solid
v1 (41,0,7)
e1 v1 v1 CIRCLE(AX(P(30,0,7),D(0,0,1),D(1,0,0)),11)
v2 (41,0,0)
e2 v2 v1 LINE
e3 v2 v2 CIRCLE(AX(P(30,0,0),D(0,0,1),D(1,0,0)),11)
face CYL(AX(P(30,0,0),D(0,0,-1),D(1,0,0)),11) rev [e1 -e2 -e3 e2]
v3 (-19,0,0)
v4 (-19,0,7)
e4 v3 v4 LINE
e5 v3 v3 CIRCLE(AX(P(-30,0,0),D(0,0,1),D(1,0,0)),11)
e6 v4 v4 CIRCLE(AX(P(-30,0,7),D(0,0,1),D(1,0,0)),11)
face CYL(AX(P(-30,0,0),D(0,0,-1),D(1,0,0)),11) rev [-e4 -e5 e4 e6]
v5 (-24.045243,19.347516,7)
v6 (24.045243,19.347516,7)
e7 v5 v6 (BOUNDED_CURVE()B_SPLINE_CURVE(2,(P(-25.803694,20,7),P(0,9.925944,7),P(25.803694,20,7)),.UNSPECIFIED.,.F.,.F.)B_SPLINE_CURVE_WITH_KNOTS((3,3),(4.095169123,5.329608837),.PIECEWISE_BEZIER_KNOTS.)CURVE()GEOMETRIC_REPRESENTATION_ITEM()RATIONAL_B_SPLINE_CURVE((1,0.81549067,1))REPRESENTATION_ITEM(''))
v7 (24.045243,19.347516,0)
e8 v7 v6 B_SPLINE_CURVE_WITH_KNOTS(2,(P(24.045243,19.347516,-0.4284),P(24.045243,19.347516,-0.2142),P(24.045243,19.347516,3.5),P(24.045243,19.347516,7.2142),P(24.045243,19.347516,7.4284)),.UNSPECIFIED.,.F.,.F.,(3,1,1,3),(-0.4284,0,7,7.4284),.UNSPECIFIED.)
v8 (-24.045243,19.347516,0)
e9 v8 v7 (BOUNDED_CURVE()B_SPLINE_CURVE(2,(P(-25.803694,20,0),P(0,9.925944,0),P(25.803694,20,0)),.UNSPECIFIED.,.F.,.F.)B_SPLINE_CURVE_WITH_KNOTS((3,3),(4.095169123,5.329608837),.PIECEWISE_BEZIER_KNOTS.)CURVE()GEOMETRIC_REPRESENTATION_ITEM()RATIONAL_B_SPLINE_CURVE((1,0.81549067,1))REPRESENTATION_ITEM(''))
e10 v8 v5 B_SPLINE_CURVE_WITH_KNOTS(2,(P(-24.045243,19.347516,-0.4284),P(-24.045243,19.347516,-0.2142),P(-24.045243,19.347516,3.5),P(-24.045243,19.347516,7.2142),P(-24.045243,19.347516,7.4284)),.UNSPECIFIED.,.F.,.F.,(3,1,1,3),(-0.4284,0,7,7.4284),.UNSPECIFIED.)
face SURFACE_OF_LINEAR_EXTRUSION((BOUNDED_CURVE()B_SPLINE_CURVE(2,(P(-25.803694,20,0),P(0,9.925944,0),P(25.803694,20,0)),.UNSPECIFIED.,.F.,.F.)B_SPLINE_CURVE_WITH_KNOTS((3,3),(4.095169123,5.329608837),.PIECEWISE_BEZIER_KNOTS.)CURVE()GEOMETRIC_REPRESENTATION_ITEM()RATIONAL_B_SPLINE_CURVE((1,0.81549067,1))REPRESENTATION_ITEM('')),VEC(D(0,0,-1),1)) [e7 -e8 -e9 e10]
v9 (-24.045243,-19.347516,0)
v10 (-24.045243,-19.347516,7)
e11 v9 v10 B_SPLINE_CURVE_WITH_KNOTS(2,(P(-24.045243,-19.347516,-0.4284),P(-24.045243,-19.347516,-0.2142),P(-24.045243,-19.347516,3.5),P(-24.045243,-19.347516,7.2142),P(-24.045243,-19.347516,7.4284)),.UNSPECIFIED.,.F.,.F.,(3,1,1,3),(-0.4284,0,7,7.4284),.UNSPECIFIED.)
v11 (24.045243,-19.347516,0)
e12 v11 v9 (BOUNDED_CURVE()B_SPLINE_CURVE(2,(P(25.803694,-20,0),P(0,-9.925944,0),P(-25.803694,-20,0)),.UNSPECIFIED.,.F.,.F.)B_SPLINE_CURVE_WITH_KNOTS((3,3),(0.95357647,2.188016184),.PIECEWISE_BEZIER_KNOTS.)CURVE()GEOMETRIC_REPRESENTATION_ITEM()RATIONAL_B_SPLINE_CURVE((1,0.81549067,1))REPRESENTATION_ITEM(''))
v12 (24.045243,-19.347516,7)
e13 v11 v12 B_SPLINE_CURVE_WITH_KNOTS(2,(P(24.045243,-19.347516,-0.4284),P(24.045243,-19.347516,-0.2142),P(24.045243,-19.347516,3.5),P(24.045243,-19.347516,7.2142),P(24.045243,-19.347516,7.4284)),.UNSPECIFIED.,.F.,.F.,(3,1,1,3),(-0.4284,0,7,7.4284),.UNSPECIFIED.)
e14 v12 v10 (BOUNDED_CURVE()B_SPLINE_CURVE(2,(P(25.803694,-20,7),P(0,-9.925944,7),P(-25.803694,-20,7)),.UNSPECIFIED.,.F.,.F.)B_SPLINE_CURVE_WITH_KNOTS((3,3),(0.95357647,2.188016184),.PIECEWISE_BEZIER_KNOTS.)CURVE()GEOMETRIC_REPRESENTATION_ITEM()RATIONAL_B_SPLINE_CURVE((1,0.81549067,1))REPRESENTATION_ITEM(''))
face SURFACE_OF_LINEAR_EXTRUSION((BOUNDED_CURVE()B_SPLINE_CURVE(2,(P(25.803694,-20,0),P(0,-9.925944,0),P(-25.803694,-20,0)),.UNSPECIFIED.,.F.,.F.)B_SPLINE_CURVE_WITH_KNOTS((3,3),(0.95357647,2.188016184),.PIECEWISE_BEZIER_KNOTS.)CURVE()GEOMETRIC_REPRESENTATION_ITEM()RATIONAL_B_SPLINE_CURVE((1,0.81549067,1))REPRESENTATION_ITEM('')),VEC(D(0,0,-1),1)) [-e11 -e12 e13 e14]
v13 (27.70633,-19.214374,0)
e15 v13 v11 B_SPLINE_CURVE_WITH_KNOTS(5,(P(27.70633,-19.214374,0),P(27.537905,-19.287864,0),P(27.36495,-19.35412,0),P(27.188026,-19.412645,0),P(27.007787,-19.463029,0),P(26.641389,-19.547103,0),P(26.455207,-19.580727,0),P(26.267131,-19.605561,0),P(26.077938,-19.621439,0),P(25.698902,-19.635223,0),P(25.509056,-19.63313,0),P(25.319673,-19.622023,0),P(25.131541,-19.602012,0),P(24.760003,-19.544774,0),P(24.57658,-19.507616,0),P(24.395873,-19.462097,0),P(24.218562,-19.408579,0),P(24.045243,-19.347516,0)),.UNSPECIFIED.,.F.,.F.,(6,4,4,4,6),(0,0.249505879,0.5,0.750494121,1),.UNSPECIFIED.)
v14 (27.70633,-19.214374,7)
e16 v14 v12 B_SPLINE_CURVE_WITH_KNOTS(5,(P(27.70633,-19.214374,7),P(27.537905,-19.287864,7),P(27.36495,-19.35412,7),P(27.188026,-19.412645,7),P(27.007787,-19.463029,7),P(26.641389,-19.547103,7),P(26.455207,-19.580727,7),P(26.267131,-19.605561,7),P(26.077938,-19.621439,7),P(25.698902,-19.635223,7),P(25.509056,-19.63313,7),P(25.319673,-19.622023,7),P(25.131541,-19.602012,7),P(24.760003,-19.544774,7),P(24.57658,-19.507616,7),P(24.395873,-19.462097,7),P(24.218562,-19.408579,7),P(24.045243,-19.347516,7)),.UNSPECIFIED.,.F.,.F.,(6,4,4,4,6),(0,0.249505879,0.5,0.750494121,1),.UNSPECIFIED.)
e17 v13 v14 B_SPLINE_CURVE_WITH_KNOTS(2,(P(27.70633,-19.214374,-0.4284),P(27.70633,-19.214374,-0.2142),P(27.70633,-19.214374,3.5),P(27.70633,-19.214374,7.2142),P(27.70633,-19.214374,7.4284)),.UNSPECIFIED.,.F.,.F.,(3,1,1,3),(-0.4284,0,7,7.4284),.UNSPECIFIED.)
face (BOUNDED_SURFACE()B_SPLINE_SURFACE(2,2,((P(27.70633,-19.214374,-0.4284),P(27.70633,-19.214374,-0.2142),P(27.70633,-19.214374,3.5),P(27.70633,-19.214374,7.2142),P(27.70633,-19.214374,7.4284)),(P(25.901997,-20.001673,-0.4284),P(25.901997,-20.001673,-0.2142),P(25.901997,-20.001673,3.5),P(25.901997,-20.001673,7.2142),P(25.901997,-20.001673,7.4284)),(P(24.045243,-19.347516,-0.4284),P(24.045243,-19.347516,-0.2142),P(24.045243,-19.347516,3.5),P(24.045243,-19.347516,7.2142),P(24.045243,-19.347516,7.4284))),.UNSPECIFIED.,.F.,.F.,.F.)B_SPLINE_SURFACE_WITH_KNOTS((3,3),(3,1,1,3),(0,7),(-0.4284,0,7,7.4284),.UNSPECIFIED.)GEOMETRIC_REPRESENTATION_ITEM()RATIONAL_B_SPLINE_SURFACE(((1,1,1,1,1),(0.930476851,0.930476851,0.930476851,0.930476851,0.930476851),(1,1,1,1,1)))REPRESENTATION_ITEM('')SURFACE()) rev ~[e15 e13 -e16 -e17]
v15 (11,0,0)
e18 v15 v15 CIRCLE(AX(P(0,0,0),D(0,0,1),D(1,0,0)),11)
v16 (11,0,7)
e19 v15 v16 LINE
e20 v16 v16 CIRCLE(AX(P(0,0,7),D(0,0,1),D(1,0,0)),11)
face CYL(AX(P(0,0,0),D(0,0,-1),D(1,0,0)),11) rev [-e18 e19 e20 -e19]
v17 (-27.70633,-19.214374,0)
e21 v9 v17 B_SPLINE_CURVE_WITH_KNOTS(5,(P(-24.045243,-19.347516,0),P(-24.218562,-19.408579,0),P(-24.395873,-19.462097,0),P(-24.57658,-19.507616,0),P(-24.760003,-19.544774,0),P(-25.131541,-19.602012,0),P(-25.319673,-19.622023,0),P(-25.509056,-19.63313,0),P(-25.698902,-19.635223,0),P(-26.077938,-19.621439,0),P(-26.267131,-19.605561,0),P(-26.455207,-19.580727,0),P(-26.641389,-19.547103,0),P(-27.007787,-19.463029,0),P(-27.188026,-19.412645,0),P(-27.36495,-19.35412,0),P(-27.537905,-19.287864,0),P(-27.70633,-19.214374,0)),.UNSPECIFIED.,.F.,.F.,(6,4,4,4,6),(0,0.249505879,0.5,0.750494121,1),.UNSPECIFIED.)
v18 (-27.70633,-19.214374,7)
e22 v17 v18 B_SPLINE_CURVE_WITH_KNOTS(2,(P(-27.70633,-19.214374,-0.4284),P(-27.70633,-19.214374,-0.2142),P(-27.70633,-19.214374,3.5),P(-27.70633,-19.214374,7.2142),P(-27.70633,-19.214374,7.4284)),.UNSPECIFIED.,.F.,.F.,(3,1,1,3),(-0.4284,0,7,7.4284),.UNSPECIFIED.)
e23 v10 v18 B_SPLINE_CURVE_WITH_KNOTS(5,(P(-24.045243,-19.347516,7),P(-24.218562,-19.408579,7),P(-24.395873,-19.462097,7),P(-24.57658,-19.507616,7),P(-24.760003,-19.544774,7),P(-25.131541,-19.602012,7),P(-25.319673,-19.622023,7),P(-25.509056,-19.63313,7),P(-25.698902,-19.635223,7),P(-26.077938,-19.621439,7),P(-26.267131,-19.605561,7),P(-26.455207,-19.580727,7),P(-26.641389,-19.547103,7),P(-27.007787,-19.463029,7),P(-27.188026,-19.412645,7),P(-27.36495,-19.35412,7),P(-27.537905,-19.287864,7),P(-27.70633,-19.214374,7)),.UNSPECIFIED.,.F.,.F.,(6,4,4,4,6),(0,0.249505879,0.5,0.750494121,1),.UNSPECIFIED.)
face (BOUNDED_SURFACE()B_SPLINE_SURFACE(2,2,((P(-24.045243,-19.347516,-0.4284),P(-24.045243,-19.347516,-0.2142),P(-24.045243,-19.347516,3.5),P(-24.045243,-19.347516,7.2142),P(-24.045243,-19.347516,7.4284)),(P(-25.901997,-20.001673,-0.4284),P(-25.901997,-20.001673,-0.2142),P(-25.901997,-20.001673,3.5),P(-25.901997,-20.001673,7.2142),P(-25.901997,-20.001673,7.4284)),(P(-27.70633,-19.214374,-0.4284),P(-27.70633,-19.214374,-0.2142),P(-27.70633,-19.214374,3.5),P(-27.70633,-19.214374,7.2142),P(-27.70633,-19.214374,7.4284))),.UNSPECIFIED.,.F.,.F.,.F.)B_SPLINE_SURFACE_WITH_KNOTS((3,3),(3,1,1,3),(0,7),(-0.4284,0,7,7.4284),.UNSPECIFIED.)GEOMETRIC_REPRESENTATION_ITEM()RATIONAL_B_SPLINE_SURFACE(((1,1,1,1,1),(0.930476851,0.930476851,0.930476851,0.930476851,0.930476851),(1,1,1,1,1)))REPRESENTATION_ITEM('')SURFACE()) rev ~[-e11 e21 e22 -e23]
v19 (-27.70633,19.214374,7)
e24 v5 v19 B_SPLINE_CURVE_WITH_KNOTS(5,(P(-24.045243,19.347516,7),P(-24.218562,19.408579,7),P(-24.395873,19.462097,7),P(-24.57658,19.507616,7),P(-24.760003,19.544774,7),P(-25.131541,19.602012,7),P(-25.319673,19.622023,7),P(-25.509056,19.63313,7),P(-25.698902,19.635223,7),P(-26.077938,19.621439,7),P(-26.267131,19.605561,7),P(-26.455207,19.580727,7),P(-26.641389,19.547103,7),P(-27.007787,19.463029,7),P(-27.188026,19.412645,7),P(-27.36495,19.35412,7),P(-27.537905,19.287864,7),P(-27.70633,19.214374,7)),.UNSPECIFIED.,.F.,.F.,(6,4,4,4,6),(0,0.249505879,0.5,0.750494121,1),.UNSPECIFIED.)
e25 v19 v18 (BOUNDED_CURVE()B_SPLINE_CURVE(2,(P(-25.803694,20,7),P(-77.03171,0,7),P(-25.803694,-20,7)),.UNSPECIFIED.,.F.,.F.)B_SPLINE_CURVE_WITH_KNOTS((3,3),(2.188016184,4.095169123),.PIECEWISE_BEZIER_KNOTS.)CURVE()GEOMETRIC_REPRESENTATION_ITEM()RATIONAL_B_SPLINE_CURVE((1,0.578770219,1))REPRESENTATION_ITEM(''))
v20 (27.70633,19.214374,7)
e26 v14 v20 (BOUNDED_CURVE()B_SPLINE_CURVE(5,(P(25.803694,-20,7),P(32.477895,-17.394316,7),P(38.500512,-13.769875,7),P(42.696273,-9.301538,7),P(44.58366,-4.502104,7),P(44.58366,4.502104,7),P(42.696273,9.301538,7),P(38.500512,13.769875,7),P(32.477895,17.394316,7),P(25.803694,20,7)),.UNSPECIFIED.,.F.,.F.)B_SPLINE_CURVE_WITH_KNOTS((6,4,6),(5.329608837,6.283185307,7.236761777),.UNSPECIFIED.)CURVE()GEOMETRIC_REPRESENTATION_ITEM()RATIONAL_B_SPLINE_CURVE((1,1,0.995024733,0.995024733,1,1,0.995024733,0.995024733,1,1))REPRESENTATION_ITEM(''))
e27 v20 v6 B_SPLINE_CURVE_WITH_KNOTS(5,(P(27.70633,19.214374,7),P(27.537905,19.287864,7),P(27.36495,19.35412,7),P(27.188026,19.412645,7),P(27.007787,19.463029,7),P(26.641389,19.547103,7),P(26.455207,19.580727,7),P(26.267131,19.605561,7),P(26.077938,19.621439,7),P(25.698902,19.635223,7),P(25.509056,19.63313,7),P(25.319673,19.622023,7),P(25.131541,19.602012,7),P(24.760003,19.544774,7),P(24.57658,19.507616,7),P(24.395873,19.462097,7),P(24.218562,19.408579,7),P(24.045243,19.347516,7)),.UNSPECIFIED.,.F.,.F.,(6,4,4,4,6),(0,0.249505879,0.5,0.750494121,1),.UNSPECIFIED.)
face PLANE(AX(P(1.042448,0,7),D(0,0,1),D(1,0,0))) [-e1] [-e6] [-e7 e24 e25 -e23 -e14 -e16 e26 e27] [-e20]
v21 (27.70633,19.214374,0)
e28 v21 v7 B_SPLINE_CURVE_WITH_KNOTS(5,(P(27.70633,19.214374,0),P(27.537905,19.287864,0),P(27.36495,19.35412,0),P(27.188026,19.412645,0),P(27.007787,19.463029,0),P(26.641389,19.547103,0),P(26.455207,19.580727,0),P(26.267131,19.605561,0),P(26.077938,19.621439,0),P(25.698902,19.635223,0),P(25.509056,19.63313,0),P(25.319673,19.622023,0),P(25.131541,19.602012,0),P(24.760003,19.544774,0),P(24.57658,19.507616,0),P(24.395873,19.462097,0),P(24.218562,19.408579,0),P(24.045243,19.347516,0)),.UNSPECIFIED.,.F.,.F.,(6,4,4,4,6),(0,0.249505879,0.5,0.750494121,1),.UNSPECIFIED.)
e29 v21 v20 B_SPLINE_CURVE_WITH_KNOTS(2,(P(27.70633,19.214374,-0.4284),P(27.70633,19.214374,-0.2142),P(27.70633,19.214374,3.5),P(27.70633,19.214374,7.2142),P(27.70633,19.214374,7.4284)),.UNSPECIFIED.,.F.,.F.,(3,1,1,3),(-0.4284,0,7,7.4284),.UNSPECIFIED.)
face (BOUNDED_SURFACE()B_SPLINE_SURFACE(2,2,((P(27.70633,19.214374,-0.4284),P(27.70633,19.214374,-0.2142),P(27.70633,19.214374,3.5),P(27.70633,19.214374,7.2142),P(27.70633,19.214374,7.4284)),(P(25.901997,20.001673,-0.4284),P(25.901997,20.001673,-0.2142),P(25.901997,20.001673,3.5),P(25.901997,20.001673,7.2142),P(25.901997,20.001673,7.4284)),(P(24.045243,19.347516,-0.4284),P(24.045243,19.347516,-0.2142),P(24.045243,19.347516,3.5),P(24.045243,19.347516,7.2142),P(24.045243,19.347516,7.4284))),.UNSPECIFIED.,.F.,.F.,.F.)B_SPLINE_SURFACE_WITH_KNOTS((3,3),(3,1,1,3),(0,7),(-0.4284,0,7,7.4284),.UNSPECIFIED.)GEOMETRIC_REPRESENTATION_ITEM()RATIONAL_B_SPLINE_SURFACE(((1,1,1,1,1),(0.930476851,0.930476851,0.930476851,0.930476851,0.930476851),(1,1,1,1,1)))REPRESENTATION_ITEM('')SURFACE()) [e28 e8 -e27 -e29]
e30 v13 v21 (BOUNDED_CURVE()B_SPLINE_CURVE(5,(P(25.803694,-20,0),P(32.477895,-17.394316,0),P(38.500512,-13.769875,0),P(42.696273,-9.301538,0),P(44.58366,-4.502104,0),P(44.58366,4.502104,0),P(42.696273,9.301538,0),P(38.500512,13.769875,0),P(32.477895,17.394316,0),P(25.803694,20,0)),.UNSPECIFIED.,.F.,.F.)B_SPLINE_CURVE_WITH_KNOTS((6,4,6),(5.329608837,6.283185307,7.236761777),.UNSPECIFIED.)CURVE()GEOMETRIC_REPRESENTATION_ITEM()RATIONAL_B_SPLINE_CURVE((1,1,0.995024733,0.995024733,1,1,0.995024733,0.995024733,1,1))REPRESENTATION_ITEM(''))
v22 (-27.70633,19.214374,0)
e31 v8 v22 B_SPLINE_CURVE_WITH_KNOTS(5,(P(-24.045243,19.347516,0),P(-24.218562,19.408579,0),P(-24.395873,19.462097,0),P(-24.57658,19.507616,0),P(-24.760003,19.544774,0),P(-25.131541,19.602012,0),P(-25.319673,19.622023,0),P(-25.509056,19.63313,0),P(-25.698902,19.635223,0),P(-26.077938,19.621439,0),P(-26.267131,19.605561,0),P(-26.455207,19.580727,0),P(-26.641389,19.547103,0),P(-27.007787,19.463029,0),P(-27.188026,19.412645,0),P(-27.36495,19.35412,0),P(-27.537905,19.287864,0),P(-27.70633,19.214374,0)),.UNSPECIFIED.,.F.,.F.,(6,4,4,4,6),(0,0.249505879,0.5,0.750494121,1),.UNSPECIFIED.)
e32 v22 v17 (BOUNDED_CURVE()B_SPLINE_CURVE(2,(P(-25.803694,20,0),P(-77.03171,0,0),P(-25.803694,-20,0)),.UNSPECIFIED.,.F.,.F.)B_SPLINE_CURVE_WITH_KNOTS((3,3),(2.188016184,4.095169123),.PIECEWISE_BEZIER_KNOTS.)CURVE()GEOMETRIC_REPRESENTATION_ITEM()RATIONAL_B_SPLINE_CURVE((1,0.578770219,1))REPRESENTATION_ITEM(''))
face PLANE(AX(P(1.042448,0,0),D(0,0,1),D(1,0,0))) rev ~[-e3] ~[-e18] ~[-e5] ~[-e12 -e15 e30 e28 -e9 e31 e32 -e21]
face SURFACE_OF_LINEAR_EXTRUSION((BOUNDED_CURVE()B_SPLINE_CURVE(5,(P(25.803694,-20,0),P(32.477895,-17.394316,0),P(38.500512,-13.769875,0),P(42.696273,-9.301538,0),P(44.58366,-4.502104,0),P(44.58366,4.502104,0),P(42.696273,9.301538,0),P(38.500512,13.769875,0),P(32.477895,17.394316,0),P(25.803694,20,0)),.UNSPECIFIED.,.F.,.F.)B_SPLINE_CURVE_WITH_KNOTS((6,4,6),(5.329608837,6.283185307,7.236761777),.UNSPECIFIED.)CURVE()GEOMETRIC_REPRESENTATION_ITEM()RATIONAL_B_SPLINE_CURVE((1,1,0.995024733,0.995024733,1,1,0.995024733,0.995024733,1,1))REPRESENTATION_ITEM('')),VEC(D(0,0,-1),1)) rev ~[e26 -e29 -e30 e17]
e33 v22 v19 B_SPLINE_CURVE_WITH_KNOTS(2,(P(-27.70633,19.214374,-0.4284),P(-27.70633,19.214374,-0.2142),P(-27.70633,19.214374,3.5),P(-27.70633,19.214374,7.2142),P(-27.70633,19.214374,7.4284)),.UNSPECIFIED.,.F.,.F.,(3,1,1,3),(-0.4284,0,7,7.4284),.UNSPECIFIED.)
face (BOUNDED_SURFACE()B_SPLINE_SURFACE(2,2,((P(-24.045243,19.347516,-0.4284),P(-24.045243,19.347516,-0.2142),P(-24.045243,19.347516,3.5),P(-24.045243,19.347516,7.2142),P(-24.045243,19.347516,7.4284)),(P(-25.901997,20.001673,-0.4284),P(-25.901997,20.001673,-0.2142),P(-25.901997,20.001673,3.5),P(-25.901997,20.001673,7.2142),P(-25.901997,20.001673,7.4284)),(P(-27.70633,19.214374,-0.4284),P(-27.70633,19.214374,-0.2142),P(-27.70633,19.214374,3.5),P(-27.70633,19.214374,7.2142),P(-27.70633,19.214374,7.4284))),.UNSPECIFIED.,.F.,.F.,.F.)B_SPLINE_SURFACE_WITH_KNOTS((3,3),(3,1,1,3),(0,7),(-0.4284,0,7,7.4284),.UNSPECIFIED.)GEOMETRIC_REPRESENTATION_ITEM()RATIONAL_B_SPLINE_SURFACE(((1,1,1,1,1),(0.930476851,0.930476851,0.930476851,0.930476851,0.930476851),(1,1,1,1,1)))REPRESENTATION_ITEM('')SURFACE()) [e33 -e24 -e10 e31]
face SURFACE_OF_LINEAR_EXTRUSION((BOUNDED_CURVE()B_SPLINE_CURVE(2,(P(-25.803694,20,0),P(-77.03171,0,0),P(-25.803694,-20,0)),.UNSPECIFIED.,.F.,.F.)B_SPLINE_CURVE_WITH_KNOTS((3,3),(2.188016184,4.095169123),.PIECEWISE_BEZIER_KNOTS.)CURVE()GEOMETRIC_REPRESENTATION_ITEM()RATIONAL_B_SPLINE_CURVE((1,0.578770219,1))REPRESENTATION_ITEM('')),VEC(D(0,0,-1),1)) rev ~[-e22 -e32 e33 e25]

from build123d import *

# Parameters (mm, degrees)
F0_R     = 11
F1_DEPTH = 7
F2_R     = 5


with BuildPart() as f1:
    # F0 (on Top) → F1 (new body)
    with BuildSketch(Plane.XY):
        with BuildLine():
            add(Edge.make_bspline(
                [(25.8036944637, -20), (44.5836596191, -12.6680879542), (44.5836596191, 0)],
                knots=[5.3296088374, 5.3296088374, 5.3296088374, 6.2831853072, 6.2831853072, 6.2831853072], degree=2, weights=[1, 0.8884734716, 1]))
            add(Edge.make_bspline(
                [(44.5836596191, 0), (44.5836596191, 12.6680879542), (25.8036944637, 20)],
                knots=[0, 0, 0, 0.9535764698, 0.9535764698, 0.9535764698], degree=2, weights=[1, 0.8884734716, 1]))
            add(Edge.make_bspline(
                [(-25.8036944637, 20), (0, 9.9259441271), (25.8036944637, 20)],
                knots=[4.0951691234, 4.0951691234, 4.0951691234, 5.3296088374, 5.3296088374, 5.3296088374], degree=2, weights=[1, 0.8154906701, 1]))
            add(Edge.make_bspline(
                [(-25.8036944637, 20), (-77.0317098517, 0), (-25.8036944637, -20)],
                knots=[2.1880161838, 2.1880161838, 2.1880161838, 4.0951691234, 4.0951691234, 4.0951691234], degree=2, weights=[1, 0.5787702195, 1]))
            add(Edge.make_bspline(
                [(25.8036944637, -20), (0, -9.9259441271), (-25.8036944637, -20)],
                knots=[0.9535764698, 0.9535764698, 0.9535764698, 2.1880161838, 2.1880161838, 2.1880161838], degree=2, weights=[1, 0.8154906701, 1]))
        make_face()
        with Locations((-30, 0)):
            Circle(F0_R, mode=Mode.SUBTRACT)
        Circle(F0_R, mode=Mode.SUBTRACT)
        with Locations((30, 0)):
            Circle(F0_R, mode=Mode.SUBTRACT)
    extrude(amount=F1_DEPTH)

    # F2
    f2_edges = [f1.edges().sort_by_distance(p)[0] for p in [
        (25.803694, 20, 3.5),
        (-25.803694, 20, 3.5),
        (25.803694, -20, 3.5),
        (-25.803694, -20, 3.5),
    ]]
    fillet(f2_edges, radius=F2_R)


solid = f1.part
